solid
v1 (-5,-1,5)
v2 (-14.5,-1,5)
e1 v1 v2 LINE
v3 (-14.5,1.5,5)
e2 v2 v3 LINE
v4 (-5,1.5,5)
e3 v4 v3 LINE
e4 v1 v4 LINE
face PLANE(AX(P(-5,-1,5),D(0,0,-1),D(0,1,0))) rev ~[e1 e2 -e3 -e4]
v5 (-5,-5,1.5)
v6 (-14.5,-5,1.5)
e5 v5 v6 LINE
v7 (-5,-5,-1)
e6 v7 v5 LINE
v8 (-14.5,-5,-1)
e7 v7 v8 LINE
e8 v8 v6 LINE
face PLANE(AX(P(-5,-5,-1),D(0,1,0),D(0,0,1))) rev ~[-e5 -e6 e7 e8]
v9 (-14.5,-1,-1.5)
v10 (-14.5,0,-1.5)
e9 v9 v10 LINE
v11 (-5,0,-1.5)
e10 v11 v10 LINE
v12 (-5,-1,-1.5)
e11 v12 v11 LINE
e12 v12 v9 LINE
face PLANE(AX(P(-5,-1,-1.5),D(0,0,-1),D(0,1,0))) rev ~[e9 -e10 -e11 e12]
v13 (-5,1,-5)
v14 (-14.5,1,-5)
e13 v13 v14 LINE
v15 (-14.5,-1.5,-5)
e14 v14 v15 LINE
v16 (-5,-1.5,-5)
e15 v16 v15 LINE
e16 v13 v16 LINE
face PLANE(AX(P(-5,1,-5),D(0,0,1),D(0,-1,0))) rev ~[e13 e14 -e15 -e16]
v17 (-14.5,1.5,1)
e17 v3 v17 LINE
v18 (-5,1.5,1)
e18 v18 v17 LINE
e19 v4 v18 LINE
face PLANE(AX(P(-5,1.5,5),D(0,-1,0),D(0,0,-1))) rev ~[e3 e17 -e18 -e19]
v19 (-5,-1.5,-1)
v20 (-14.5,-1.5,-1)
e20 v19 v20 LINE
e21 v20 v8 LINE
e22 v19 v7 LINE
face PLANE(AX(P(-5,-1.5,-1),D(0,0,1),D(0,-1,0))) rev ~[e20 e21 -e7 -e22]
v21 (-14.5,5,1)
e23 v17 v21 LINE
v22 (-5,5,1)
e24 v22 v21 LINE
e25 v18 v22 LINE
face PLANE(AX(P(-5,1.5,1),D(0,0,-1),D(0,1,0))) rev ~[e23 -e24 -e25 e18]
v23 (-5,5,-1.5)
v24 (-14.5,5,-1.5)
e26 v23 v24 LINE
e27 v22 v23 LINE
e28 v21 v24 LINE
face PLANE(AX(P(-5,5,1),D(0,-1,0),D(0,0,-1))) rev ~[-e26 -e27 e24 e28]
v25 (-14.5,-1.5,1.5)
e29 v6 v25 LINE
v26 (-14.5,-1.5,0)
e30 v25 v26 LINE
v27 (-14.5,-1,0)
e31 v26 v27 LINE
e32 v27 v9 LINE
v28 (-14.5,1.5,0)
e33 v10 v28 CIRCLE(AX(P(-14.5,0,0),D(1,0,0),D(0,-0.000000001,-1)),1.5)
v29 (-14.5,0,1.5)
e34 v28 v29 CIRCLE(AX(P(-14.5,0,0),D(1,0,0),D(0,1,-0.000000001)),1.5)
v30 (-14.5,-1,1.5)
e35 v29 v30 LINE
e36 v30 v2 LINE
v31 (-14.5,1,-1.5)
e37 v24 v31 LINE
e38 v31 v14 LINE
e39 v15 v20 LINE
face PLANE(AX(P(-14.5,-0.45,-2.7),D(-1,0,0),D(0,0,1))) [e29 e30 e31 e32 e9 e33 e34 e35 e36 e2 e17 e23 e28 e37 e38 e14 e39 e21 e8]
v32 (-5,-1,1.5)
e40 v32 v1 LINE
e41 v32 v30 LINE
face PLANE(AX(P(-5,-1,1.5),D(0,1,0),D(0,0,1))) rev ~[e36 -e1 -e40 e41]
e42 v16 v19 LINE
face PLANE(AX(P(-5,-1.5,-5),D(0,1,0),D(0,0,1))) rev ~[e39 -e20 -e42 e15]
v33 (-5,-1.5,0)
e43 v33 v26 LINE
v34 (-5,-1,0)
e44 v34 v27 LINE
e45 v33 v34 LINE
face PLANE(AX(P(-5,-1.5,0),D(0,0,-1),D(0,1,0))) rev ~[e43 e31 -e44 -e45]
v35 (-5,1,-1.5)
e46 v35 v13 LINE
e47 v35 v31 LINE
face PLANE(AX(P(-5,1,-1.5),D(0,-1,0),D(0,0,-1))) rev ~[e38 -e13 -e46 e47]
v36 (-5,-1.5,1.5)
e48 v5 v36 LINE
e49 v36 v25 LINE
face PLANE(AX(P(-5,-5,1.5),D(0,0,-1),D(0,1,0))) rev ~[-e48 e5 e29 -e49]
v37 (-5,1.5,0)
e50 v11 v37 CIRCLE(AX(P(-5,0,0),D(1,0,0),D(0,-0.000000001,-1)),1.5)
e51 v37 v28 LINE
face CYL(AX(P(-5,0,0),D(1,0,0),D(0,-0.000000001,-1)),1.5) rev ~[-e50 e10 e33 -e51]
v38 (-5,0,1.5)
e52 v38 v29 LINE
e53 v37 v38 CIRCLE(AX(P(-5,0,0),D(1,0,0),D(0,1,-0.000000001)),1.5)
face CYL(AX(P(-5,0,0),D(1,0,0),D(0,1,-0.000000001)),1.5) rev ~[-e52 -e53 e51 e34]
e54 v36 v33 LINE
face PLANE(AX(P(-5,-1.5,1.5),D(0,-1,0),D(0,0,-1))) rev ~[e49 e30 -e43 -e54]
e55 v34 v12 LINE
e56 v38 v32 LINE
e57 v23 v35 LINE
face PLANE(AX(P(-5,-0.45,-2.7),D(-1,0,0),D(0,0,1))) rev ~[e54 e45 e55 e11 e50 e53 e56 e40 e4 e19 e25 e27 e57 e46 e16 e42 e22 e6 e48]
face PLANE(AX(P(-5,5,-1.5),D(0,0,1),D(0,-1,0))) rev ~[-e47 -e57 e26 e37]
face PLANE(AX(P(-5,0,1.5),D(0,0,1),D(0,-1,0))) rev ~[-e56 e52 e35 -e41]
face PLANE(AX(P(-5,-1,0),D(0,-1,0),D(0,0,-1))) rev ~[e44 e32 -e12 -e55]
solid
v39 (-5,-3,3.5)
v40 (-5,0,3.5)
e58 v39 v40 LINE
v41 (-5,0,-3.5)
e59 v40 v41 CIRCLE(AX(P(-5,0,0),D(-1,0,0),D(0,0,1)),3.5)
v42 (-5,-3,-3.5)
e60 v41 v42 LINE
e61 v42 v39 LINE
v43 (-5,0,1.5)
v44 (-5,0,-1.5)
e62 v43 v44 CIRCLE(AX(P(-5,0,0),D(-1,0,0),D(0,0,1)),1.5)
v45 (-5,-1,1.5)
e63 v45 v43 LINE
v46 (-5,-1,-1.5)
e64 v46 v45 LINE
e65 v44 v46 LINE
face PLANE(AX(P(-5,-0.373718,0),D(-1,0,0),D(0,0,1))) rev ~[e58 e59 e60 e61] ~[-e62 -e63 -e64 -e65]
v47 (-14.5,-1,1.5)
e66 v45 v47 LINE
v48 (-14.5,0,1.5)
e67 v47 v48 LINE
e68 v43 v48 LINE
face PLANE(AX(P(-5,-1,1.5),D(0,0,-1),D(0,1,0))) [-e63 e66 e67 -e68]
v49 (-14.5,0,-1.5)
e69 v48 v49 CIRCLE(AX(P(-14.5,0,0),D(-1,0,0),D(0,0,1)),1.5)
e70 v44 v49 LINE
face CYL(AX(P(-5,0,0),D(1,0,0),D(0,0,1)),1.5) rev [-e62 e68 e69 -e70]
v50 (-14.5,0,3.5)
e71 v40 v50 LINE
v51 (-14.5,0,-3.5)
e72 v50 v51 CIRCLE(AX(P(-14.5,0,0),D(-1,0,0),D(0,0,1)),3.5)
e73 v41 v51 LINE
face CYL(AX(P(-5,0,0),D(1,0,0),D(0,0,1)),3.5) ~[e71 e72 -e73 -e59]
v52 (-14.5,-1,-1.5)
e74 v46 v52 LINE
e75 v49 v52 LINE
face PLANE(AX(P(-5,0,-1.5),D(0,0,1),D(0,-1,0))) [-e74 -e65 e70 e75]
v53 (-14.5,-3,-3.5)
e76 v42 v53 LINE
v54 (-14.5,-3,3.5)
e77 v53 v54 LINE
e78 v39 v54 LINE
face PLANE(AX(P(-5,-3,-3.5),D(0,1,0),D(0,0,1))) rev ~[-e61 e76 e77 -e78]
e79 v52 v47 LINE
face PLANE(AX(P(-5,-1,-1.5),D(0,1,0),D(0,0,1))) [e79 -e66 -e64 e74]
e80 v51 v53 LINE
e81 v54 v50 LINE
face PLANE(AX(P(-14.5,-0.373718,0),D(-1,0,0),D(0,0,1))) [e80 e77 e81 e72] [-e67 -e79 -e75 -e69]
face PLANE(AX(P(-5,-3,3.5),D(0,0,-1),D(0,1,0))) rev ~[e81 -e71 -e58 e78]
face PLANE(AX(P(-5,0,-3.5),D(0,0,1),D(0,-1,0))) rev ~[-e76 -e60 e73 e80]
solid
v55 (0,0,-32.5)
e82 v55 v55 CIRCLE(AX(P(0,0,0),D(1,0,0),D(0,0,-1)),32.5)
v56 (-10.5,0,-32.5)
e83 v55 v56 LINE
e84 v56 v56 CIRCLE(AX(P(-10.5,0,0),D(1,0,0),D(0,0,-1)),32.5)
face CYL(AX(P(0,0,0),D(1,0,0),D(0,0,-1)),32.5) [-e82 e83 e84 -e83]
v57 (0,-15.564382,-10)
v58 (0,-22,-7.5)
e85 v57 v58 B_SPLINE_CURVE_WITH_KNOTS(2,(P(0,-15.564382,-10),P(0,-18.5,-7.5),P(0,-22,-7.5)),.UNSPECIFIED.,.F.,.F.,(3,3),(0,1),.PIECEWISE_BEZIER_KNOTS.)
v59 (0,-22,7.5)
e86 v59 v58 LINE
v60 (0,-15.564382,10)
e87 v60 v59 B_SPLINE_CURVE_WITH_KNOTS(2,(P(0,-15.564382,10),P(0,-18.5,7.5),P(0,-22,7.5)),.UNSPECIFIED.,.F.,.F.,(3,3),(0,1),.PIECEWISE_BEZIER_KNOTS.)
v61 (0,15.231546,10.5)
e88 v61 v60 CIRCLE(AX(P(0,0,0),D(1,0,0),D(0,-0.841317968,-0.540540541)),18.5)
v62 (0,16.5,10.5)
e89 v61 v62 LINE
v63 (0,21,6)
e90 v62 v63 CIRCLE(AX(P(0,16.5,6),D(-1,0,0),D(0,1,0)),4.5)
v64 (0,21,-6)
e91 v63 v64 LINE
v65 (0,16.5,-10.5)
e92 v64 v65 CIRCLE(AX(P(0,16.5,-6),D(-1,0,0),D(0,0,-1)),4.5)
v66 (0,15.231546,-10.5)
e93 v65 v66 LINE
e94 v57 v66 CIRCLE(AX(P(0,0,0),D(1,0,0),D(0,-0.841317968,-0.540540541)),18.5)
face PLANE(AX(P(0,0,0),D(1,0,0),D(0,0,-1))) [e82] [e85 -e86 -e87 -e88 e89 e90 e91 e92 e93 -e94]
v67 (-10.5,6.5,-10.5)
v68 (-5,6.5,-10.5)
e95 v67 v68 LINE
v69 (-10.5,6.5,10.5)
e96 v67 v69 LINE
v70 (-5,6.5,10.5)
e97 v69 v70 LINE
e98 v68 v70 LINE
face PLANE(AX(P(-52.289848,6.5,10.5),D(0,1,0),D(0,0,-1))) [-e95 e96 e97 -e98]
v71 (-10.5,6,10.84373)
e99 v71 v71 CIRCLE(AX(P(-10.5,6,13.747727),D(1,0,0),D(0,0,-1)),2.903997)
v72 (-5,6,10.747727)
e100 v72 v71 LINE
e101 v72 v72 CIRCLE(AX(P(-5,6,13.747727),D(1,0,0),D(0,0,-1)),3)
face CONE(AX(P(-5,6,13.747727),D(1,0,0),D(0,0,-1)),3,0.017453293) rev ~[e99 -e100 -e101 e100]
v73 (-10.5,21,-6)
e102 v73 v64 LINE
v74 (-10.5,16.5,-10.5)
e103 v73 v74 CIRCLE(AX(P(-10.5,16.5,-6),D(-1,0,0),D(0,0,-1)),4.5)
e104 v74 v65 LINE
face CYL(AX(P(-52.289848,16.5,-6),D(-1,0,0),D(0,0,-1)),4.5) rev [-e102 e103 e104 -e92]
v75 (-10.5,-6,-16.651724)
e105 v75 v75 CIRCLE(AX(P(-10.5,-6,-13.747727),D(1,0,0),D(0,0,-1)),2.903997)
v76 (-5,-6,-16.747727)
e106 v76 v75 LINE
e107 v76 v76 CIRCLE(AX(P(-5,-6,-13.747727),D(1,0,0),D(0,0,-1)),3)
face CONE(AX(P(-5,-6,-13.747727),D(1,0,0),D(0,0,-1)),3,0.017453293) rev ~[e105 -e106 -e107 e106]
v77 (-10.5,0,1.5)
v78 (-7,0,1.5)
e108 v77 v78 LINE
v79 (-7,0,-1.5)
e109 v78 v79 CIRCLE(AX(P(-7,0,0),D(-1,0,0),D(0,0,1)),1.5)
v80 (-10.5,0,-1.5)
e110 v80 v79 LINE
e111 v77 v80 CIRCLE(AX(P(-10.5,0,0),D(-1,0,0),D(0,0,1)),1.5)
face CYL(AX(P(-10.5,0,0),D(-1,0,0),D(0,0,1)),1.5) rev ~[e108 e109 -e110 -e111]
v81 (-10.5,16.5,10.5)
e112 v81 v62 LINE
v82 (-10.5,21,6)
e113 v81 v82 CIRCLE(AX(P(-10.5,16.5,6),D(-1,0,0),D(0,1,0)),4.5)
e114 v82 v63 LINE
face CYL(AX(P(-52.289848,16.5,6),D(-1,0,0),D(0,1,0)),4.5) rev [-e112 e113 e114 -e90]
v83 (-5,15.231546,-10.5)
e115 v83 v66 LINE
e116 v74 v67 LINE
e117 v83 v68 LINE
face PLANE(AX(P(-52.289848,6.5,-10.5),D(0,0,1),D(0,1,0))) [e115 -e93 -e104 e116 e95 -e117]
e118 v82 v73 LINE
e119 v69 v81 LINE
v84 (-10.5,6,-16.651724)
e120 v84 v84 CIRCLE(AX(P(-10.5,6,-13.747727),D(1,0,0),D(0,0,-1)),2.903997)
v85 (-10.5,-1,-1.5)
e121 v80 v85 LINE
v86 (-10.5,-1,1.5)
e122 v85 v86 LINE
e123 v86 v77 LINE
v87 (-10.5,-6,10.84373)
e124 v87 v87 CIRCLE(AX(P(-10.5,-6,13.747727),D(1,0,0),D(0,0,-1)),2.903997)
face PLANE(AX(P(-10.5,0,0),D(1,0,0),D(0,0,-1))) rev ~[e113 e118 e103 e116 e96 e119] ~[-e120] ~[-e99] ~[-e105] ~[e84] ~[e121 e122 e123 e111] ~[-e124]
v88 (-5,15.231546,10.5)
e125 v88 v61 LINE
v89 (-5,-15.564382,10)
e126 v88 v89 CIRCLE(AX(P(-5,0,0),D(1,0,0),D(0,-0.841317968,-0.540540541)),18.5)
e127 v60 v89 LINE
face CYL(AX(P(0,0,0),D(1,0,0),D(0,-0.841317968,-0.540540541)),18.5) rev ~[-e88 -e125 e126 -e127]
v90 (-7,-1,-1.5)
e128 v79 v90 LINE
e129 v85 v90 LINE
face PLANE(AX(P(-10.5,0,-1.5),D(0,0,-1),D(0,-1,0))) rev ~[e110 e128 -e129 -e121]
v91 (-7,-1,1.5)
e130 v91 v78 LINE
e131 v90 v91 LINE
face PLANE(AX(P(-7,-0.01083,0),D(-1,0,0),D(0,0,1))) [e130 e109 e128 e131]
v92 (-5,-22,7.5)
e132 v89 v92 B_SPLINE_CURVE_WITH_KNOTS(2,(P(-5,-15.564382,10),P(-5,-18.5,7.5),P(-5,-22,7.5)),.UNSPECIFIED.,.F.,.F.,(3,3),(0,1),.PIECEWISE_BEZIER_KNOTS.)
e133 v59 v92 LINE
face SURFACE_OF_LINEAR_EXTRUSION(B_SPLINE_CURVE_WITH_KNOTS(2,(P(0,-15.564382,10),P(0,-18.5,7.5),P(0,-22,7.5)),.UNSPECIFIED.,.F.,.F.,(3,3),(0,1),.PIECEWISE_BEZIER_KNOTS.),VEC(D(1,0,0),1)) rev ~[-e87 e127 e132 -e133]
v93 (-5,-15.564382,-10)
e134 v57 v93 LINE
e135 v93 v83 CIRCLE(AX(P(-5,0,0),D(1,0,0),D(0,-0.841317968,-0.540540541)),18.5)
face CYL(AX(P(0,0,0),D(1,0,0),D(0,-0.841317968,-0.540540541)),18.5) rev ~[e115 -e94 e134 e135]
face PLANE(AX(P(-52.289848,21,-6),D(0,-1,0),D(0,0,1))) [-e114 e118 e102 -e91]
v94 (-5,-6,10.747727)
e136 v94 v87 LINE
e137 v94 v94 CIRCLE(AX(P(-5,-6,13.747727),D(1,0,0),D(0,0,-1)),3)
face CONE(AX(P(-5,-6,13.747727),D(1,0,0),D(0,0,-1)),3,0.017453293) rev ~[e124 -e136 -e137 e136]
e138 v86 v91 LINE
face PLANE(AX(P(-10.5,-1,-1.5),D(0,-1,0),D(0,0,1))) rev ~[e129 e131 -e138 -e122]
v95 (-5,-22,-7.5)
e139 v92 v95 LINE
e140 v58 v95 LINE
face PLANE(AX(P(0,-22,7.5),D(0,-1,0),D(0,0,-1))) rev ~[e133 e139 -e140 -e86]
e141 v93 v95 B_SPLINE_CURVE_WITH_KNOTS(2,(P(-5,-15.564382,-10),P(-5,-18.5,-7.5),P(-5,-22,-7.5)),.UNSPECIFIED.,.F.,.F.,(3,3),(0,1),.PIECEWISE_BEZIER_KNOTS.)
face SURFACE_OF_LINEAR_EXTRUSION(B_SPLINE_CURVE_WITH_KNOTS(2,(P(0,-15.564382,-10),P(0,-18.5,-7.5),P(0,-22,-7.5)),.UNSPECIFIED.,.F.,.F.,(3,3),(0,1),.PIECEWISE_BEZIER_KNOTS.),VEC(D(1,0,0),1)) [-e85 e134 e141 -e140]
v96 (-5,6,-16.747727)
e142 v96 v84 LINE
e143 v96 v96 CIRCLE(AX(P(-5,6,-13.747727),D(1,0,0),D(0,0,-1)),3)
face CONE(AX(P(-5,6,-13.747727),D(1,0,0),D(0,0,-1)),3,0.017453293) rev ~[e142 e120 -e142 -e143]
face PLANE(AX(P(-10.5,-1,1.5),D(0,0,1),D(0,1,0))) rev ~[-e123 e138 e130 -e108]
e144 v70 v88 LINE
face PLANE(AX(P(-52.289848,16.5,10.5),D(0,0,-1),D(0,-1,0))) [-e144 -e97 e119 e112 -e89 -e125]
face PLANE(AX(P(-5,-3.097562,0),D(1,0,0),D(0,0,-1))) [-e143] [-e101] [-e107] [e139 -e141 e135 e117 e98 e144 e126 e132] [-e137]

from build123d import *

# Parameters (mm, degrees)
SKETCH2_R                    = 32.5
BOSS_EXTRUDE1_DEPTH          = 10.5
CUT_EXTRUDE1_DEPTH           = 5
CUT_EXTRUDE2_DEPTH           = 10
CUT_EXTRUDE2_DEPTH_BACK      = 47.289847839
SKETCH4_3_R                  = 3
CUT_EXTRUDE4_DEPTH           = 5.5
CUT_EXTRUDE4_DRAFT           = -1
CUT_EXTRUDE4_PROFILE_2_DEPTH = 5.5
CUT_EXTRUDE4_PROFILE_2_DRAFT = -1
CUT_EXTRUDE4_PROFILE_3_DEPTH = 5.5
CUT_EXTRUDE4_PROFILE_3_DRAFT = -1
CUT_EXTRUDE4_PROFILE_4_DEPTH = 5.5
CUT_EXTRUDE4_PROFILE_4_DRAFT = -1
EXTRUDE_THIN1_DEPTH          = 4
EXTRUDE_THIN1_DEPTH_BACK     = 5.5
BOSS_EXTRUDE8_DEPTH          = 4
BOSS_EXTRUDE8_DEPTH_BACK     = 5.5
CUT_EXTRUDE5_DEPTH           = 3.5


with BuildPart() as part:
    # Sketch2 → Boss-Extrude1 (new body)
    with BuildSketch(Plane(origin=(0, 0, 0), x_dir=(0, 0, -1), z_dir=(1, 0, 0))):
        Circle(SKETCH2_R)
    extrude(amount=-BOSS_EXTRUDE1_DEPTH)

    # Sketch3 → Cut-Extrude1 (cut)
    with BuildSketch(Plane(origin=(0, 0, 0), x_dir=(0, 0, -1), z_dir=(1, 0, 0))):
        with BuildLine():
            add(Edge.make_bspline(
                [(-10, -15.564382416), (-7.5, -18.5), (-7.5, -22)],
                knots=[0, 0, 0, 1, 1, 1], degree=2))
            Line((-7.5, -22), (7.5, -22))
            add(Edge.make_bspline(
                [(10, -15.564382416), (7.5, -18.5), (7.5, -22)],
                knots=[0, 0, 0, 1, 1, 1], degree=2))
            ThreePointArc((10, -15.564382416), (0, 18.5), (-10, -15.564382416))
        make_face()
    extrude(amount=-CUT_EXTRUDE1_DEPTH, mode=Mode.SUBTRACT)

    # Sketch4 → Cut-Extrude2 (cut, two sides: drawn at the far end of the back side and taken through both)
    with BuildSketch(Plane(origin=(-5, 0, 0), x_dir=(0, 0, -1), z_dir=(1, 0, 0)).offset(-CUT_EXTRUDE2_DEPTH_BACK)):
        with BuildLine():
            ThreePointArc((-6, 21), (-9.181980515, 19.681980515), (-10.5, 16.5))
            Line((-10.5, 16.5), (-10.5, 6.5))
            Line((-10.5, 6.5), (10.5, 6.5))
            Line((10.5, 6.5), (10.5, 16.5))
            ThreePointArc((10.5, 16.5), (9.181980515, 19.681980515), (6, 21))
            Line((6, 21), (-6, 21))
        make_face()
    extrude(amount=CUT_EXTRUDE2_DEPTH + CUT_EXTRUDE2_DEPTH_BACK, mode=Mode.SUBTRACT)


with BuildPart() as cut_extrude4_tool:
    # Sketch4<3> → Cut-Extrude4 (with draft: the straight prism first)
    with BuildSketch(Plane(origin=(-5, 0, 0), x_dir=(0, 0, -1), z_dir=(1, 0, 0))):
        with Locations((13.747727085, 6)):
            Circle(SKETCH4_3_R)
    extrude(amount=-CUT_EXTRUDE4_DEPTH)
    # Cut-Extrude4: the draft: its side faces are tilted about the plane it starts from
    cut_extrude4_sides = [cut_extrude4_tool.faces().sort_by_distance(p)[0] for p in [
        (-7.75, 6, -10.747727085),
    ]]
    draft(cut_extrude4_sides, Plane(origin=(-5, 0, 0), x_dir=(0, 0, -1), z_dir=(1, 0, 0)), CUT_EXTRUDE4_DRAFT)


with BuildPart() as part_1:
    add(part.part)

    # Cut-Extrude4: cut by cut_extrude4_tool
    add(cut_extrude4_tool.part, mode=Mode.SUBTRACT)


with BuildPart() as cut_extrude4_profile_2_tool:
    # Sketch4<3> → Cut-Extrude4 profile 2 (with draft: the straight prism first)
    with BuildSketch(Plane(origin=(-5, 0, 0), x_dir=(0, 0, -1), z_dir=(1, 0, 0))):
        with Locations((13.747727085, -6)):
            Circle(SKETCH4_3_R)
    extrude(amount=-CUT_EXTRUDE4_PROFILE_2_DEPTH)
    # Cut-Extrude4 profile 2: the draft: its side faces are tilted about the plane it starts from
    cut_extrude4_profile_2_sides = [cut_extrude4_profile_2_tool.faces().sort_by_distance(p)[0] for p in [
        (-7.75, -6, -10.747727085),
    ]]
    draft(cut_extrude4_profile_2_sides, Plane(origin=(-5, 0, 0), x_dir=(0, 0, -1), z_dir=(1, 0, 0)), CUT_EXTRUDE4_PROFILE_2_DRAFT)


with BuildPart() as part_2:
    add(part_1.part)

    # Cut-Extrude4 profile 2: cut by cut_extrude4_profile_2_tool
    add(cut_extrude4_profile_2_tool.part, mode=Mode.SUBTRACT)


with BuildPart() as cut_extrude4_profile_3_tool:
    # Sketch4<3> → Cut-Extrude4 profile 3 (with draft: the straight prism first)
    with BuildSketch(Plane(origin=(-5, 0, 0), x_dir=(0, 0, -1), z_dir=(1, 0, 0))):
        with Locations((-13.747727085, 6)):
            Circle(SKETCH4_3_R)
    extrude(amount=-CUT_EXTRUDE4_PROFILE_3_DEPTH)
    # Cut-Extrude4 profile 3: the draft: its side faces are tilted about the plane it starts from
    cut_extrude4_profile_3_sides = [cut_extrude4_profile_3_tool.faces().sort_by_distance(p)[0] for p in [
        (-7.75, 6, 16.747727085),
    ]]
    draft(cut_extrude4_profile_3_sides, Plane(origin=(-5, 0, 0), x_dir=(0, 0, -1), z_dir=(1, 0, 0)), CUT_EXTRUDE4_PROFILE_3_DRAFT)


with BuildPart() as part_3:
    add(part_2.part)

    # Cut-Extrude4 profile 3: cut by cut_extrude4_profile_3_tool
    add(cut_extrude4_profile_3_tool.part, mode=Mode.SUBTRACT)


with BuildPart() as cut_extrude4_profile_4_tool:
    # Sketch4<3> → Cut-Extrude4 profile 4 (with draft: the straight prism first)
    with BuildSketch(Plane(origin=(-5, 0, 0), x_dir=(0, 0, -1), z_dir=(1, 0, 0))):
        with Locations((-13.747727085, -6)):
            Circle(SKETCH4_3_R)
    extrude(amount=-CUT_EXTRUDE4_PROFILE_4_DEPTH)
    # Cut-Extrude4 profile 4: the draft: its side faces are tilted about the plane it starts from
    cut_extrude4_profile_4_sides = [cut_extrude4_profile_4_tool.faces().sort_by_distance(p)[0] for p in [
        (-7.75, -6, 16.747727085),
    ]]
    draft(cut_extrude4_profile_4_sides, Plane(origin=(-5, 0, 0), x_dir=(0, 0, -1), z_dir=(1, 0, 0)), CUT_EXTRUDE4_PROFILE_4_DRAFT)


with BuildPart() as part_4:
    add(part_3.part)

    # Cut-Extrude4 profile 4: cut by cut_extrude4_profile_4_tool
    add(cut_extrude4_profile_4_tool.part, mode=Mode.SUBTRACT)

    # Sketch10 → Cut-Extrude5 (cut)
    with BuildSketch(Plane.ZY.offset(10.5)):
        with BuildLine():
            Line((1.5, -1), (1.5, 0))
            ThreePointArc((1.5, 0), (0, 1.5), (-1.5, 0))
            Line((-1.5, 0), (-1.5, -1))
            Line((-1.5, -1), (1.5, -1))
        make_face()
    extrude(amount=-CUT_EXTRUDE5_DEPTH, mode=Mode.SUBTRACT)


with BuildPart() as body_2:
    # Sketch5 → Extrude-Thin1 (new, two sides: drawn at the far end of the back side and taken through both)
    with BuildSketch(Plane.ZY.offset(10.5).offset(-EXTRUDE_THIN1_DEPTH_BACK)):
        with BuildLine():
            Line((-3.5, 0), (-3.5, -3))
            Line((-3.5, -3), (3.5, -3))
            Line((3.5, -3), (3.5, 0))
            ThreePointArc((3.5, 0), (0, 3.5), (-3.5, 0))
        make_face()
        with BuildLine():
            Line((-1.5, 0), (-1.5, -1))
            Line((-1.5, -1), (1.5, -1))
            Line((1.5, -1), (1.5, 0))
            ThreePointArc((1.5, 0), (0, 1.5), (-1.5, 0))
        make_face(mode=Mode.SUBTRACT)
    extrude(amount=EXTRUDE_THIN1_DEPTH + EXTRUDE_THIN1_DEPTH_BACK)


with BuildPart() as body_3:
    # Sketch5<4> → Boss-Extrude8 (new, two sides: drawn at the far end of the back side and taken through both)
    with BuildSketch(Plane.ZY.offset(10.5).offset(-BOSS_EXTRUDE8_DEPTH_BACK)):
        Polygon((-1.5, -1), (-1.5, 0), (-1.5, 1), (-5, 1), (-5, -1.5), (-1, -1.5), (0, -1.5), (0, -1), align=None)
        with BuildLine():
            Line((-1.5, 1), (-1.5, 0))
            ThreePointArc((-1.5, 0), (-1.060660172, 1.060660172), (0, 1.5))
            Line((0, 1.5), (1, 1.5))
            Line((1, 1.5), (1, 5))
            Line((1, 5), (-1.5, 5))
            Line((-1.5, 5), (-1.5, 1))
        make_face()
        with BuildLine():
            Line((1, 1.5), (0, 1.5))
            ThreePointArc((0, 1.5), (1.060660172, 1.060660172), (1.5, 0))
            Line((1.5, 0), (1.5, -1))
            Line((1.5, -1), (5, -1))
            Line((5, -1), (5, 1.5))
            Line((5, 1.5), (1, 1.5))
        make_face()
        Polygon((1.5, -1.5), (0, -1.5), (-1, -1.5), (-1, -5), (1.5, -5), align=None)
    extrude(amount=BOSS_EXTRUDE8_DEPTH + BOSS_EXTRUDE8_DEPTH_BACK)


solid = Compound([part_4.part, body_2.part, body_3.part])
